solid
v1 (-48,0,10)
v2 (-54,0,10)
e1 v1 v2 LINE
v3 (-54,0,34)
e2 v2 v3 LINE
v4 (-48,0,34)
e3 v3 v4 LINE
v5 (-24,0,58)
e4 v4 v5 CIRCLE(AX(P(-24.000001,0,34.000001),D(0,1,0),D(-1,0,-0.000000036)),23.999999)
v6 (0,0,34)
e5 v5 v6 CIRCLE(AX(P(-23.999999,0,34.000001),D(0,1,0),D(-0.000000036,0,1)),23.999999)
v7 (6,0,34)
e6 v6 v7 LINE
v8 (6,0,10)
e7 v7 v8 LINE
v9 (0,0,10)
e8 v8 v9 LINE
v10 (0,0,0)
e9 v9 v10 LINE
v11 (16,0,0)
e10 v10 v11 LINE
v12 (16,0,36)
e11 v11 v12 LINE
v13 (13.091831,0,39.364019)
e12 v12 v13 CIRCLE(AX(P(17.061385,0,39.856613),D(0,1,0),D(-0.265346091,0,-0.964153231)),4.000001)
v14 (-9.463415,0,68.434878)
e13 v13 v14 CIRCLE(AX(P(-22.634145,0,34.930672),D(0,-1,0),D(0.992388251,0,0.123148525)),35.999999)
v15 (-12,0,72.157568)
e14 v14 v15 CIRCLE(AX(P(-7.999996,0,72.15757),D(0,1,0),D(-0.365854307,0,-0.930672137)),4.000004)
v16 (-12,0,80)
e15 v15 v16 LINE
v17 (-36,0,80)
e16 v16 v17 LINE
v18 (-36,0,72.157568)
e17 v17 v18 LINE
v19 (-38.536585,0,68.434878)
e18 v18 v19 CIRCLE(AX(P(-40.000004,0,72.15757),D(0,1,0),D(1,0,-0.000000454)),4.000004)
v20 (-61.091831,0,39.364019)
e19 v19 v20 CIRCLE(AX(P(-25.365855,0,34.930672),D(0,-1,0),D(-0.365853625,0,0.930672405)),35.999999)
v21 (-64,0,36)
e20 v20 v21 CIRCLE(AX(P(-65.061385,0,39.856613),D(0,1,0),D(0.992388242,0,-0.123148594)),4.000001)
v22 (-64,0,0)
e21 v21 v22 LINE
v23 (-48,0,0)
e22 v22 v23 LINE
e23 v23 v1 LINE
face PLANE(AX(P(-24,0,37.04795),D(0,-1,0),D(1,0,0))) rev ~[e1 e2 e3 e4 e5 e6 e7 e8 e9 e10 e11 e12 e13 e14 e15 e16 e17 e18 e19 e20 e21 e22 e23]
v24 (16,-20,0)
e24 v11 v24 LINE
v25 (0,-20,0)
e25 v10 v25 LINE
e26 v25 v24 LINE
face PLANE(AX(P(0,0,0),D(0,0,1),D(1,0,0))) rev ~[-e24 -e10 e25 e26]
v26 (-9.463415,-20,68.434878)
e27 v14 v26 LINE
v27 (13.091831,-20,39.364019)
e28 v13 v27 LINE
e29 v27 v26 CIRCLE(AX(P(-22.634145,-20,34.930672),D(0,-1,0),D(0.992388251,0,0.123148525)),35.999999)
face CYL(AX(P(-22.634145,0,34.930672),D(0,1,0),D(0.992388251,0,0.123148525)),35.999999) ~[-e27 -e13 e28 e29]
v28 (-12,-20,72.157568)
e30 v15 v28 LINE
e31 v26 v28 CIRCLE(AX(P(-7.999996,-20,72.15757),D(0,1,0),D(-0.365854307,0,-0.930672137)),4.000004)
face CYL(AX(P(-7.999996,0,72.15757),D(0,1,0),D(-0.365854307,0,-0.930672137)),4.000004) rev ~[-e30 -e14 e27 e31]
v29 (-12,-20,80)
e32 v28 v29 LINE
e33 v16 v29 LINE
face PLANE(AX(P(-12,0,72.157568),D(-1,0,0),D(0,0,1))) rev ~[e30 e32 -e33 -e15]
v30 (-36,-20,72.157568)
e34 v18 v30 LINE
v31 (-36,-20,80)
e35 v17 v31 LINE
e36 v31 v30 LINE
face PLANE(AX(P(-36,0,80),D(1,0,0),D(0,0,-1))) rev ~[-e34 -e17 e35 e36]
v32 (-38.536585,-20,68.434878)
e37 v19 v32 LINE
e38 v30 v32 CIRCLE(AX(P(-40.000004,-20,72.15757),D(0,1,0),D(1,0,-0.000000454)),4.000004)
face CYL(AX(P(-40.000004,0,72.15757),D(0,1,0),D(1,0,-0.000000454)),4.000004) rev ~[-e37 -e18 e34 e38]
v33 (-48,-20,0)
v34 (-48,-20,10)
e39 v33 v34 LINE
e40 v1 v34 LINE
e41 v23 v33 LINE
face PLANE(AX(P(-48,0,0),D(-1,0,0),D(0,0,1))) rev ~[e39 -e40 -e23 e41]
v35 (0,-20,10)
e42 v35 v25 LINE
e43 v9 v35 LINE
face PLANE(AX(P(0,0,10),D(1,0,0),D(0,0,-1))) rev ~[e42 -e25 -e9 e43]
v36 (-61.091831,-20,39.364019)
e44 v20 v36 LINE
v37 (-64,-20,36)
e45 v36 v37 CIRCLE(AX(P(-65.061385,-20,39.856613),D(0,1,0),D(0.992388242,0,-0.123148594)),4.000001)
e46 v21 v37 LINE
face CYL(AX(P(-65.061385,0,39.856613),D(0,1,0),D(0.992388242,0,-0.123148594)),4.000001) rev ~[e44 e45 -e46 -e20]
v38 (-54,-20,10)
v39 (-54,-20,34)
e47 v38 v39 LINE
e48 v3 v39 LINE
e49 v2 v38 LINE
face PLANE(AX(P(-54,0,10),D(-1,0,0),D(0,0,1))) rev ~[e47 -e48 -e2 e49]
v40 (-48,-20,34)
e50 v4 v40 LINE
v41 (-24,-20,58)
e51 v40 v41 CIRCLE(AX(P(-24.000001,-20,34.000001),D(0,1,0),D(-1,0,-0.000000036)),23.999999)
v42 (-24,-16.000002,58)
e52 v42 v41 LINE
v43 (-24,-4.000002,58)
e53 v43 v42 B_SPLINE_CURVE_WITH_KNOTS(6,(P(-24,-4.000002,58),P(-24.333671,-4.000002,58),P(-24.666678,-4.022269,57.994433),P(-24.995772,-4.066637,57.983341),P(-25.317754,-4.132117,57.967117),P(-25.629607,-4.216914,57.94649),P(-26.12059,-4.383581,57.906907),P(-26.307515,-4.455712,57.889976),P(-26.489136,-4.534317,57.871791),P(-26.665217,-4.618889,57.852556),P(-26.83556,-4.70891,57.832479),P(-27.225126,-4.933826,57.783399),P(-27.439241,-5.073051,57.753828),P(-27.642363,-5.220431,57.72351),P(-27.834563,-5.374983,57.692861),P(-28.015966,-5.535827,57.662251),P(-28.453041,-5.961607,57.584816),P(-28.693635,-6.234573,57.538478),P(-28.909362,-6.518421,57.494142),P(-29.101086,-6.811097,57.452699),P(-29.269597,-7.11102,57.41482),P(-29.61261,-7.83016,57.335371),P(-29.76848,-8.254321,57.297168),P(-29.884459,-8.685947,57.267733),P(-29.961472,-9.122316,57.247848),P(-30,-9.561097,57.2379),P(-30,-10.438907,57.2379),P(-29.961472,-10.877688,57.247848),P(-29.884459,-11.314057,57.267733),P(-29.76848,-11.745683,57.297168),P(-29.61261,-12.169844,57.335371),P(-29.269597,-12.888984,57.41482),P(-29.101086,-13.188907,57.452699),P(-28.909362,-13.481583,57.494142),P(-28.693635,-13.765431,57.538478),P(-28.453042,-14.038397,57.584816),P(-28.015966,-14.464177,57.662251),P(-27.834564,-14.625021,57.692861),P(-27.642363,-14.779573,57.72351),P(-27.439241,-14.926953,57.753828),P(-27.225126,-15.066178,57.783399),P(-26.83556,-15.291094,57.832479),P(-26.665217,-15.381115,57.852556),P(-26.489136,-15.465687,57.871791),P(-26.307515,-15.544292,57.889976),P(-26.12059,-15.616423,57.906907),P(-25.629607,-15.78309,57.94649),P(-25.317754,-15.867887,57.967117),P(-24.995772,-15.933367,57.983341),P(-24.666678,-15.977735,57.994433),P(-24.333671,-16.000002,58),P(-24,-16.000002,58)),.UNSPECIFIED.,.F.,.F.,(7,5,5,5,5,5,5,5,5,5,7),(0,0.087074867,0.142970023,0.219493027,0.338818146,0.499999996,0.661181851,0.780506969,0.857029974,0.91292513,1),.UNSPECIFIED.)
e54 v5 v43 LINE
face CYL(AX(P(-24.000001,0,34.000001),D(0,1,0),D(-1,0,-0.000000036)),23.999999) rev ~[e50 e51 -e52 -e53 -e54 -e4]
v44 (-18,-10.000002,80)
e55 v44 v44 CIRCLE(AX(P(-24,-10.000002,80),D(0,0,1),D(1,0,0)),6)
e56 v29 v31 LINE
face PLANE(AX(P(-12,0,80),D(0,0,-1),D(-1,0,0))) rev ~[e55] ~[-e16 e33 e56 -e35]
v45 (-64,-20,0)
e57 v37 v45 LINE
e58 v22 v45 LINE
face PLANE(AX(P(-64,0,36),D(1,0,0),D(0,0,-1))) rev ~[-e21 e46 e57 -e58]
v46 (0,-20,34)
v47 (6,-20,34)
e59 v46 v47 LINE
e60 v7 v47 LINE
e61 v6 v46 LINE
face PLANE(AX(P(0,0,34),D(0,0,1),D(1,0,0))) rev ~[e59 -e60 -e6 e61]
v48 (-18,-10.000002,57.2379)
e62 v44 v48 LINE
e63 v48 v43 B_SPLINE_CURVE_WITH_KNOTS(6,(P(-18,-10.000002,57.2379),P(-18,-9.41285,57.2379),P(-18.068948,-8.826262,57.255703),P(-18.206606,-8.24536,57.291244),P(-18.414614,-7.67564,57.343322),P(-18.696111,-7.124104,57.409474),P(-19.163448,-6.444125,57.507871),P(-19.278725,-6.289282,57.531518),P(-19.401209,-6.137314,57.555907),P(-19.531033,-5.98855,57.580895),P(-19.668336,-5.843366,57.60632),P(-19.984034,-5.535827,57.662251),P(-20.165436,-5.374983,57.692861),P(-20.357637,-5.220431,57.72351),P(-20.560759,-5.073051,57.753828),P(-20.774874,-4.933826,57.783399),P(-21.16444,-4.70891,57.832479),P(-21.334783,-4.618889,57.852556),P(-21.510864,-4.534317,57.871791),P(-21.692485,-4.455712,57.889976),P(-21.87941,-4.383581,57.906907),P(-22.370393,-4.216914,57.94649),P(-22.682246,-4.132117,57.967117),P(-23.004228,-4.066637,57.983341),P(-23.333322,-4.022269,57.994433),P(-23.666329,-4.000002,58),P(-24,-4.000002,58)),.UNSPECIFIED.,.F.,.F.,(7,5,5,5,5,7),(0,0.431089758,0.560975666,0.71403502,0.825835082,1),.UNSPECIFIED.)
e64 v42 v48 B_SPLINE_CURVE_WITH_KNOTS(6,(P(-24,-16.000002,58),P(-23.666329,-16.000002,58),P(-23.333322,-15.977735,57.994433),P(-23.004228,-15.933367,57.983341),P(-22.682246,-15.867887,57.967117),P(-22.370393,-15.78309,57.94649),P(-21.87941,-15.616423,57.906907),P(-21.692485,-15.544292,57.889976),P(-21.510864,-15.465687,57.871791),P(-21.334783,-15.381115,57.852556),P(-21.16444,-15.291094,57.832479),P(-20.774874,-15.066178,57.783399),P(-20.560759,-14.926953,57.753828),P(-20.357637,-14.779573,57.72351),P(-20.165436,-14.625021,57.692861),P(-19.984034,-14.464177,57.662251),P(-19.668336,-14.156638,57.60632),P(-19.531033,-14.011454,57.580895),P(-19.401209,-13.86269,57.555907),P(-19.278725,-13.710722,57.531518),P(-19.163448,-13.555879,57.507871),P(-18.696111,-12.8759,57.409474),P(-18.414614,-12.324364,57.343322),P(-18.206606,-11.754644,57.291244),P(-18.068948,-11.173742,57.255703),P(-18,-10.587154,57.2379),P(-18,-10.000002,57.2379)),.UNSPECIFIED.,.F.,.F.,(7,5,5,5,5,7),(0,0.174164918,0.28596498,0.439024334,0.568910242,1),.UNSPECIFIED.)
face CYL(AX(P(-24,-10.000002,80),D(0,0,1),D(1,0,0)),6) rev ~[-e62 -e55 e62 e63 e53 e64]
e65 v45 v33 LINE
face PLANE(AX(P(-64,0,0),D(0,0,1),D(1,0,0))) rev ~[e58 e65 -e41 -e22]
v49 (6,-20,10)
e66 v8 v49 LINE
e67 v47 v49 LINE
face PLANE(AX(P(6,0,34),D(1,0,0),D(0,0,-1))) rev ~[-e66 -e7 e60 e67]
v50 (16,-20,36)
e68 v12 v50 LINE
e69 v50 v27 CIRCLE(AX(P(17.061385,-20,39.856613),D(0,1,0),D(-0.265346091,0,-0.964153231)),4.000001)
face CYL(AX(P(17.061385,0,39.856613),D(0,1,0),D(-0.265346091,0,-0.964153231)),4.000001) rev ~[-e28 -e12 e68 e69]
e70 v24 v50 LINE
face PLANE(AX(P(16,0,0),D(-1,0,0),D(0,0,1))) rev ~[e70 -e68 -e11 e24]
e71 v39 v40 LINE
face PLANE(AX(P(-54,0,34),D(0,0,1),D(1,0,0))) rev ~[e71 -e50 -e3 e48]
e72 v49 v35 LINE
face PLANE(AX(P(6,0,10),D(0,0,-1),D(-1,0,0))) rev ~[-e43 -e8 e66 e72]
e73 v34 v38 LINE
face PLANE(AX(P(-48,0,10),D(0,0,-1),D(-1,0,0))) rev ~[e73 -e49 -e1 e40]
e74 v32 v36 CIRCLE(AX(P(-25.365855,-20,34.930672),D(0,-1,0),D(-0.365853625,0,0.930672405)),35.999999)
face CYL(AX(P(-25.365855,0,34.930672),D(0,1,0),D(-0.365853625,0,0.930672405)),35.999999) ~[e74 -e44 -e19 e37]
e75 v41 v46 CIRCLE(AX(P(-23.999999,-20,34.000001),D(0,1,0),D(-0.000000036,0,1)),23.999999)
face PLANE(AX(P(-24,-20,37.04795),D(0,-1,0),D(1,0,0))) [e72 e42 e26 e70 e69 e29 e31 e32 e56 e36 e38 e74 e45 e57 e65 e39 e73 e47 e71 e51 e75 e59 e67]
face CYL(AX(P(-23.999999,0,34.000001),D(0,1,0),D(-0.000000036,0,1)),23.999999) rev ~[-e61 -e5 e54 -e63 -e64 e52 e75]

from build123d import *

# Parameters (mm, degrees)
F1_DEPTH = 20
F2_R     = 6
F3_DEPTH = 80.001


with BuildPart() as f1:
    # F0 (on Front) → F1 (new body)
    with BuildSketch(Plane.XZ):
        with BuildLine():
            Line((0, 10), (0, 0))
            Line((0, 0), (16, 0))
            Line((16, 0), (16, 36))
            ThreePointArc((16, 36), (14.035374, 37.24065), (13.091831, 39.364019))
            ThreePointArc((13.091831, 39.364019), (5.808792, 56.998732), (-9.463415, 68.434878))
            ThreePointArc((-9.463415, 68.434878), (-11.305575, 69.905198), (-12, 72.157568))
            Line((-12, 72.157568), (-12, 80))
            Line((-12, 80), (-24, 80))
            Line((-24, 80), (-36, 80))
            Line((-36, 80), (-36, 72.157568))
            ThreePointArc((-36, 72.157568), (-36.694425, 69.905198), (-38.536585, 68.434878))
            ThreePointArc((-38.536585, 68.434878), (-53.808792, 56.998732), (-61.091831, 39.364019))
            ThreePointArc((-61.091831, 39.364019), (-62.035374, 37.24065), (-64, 36))
            Line((-64, 36), (-64, 0))
            Line((-64, 0), (-48, 0))
            Line((-48, 0), (-48, 10))
            Line((-48, 10), (-54, 10))
            Line((-54, 10), (-54, 34))
            Line((-54, 34), (-48, 34))
            ThreePointArc((-48, 34), (-40.970563, 50.970563), (-24, 58))
            ThreePointArc((-24, 58), (-7.029437, 50.970563), (0, 34))
            Line((0, 34), (6, 34))
            Line((6, 34), (6, 10))
            Line((6, 10), (0, 10))
        make_face()
    extrude(amount=F1_DEPTH)

    # F2 (on face) → F3 (cut, through all)
    with BuildSketch(Plane.XY.offset(80)):
        with Locations((-24, -10.000002)):
            Circle(F2_R)
    extrude(amount=-F3_DEPTH, mode=Mode.SUBTRACT)


solid = f1.part
